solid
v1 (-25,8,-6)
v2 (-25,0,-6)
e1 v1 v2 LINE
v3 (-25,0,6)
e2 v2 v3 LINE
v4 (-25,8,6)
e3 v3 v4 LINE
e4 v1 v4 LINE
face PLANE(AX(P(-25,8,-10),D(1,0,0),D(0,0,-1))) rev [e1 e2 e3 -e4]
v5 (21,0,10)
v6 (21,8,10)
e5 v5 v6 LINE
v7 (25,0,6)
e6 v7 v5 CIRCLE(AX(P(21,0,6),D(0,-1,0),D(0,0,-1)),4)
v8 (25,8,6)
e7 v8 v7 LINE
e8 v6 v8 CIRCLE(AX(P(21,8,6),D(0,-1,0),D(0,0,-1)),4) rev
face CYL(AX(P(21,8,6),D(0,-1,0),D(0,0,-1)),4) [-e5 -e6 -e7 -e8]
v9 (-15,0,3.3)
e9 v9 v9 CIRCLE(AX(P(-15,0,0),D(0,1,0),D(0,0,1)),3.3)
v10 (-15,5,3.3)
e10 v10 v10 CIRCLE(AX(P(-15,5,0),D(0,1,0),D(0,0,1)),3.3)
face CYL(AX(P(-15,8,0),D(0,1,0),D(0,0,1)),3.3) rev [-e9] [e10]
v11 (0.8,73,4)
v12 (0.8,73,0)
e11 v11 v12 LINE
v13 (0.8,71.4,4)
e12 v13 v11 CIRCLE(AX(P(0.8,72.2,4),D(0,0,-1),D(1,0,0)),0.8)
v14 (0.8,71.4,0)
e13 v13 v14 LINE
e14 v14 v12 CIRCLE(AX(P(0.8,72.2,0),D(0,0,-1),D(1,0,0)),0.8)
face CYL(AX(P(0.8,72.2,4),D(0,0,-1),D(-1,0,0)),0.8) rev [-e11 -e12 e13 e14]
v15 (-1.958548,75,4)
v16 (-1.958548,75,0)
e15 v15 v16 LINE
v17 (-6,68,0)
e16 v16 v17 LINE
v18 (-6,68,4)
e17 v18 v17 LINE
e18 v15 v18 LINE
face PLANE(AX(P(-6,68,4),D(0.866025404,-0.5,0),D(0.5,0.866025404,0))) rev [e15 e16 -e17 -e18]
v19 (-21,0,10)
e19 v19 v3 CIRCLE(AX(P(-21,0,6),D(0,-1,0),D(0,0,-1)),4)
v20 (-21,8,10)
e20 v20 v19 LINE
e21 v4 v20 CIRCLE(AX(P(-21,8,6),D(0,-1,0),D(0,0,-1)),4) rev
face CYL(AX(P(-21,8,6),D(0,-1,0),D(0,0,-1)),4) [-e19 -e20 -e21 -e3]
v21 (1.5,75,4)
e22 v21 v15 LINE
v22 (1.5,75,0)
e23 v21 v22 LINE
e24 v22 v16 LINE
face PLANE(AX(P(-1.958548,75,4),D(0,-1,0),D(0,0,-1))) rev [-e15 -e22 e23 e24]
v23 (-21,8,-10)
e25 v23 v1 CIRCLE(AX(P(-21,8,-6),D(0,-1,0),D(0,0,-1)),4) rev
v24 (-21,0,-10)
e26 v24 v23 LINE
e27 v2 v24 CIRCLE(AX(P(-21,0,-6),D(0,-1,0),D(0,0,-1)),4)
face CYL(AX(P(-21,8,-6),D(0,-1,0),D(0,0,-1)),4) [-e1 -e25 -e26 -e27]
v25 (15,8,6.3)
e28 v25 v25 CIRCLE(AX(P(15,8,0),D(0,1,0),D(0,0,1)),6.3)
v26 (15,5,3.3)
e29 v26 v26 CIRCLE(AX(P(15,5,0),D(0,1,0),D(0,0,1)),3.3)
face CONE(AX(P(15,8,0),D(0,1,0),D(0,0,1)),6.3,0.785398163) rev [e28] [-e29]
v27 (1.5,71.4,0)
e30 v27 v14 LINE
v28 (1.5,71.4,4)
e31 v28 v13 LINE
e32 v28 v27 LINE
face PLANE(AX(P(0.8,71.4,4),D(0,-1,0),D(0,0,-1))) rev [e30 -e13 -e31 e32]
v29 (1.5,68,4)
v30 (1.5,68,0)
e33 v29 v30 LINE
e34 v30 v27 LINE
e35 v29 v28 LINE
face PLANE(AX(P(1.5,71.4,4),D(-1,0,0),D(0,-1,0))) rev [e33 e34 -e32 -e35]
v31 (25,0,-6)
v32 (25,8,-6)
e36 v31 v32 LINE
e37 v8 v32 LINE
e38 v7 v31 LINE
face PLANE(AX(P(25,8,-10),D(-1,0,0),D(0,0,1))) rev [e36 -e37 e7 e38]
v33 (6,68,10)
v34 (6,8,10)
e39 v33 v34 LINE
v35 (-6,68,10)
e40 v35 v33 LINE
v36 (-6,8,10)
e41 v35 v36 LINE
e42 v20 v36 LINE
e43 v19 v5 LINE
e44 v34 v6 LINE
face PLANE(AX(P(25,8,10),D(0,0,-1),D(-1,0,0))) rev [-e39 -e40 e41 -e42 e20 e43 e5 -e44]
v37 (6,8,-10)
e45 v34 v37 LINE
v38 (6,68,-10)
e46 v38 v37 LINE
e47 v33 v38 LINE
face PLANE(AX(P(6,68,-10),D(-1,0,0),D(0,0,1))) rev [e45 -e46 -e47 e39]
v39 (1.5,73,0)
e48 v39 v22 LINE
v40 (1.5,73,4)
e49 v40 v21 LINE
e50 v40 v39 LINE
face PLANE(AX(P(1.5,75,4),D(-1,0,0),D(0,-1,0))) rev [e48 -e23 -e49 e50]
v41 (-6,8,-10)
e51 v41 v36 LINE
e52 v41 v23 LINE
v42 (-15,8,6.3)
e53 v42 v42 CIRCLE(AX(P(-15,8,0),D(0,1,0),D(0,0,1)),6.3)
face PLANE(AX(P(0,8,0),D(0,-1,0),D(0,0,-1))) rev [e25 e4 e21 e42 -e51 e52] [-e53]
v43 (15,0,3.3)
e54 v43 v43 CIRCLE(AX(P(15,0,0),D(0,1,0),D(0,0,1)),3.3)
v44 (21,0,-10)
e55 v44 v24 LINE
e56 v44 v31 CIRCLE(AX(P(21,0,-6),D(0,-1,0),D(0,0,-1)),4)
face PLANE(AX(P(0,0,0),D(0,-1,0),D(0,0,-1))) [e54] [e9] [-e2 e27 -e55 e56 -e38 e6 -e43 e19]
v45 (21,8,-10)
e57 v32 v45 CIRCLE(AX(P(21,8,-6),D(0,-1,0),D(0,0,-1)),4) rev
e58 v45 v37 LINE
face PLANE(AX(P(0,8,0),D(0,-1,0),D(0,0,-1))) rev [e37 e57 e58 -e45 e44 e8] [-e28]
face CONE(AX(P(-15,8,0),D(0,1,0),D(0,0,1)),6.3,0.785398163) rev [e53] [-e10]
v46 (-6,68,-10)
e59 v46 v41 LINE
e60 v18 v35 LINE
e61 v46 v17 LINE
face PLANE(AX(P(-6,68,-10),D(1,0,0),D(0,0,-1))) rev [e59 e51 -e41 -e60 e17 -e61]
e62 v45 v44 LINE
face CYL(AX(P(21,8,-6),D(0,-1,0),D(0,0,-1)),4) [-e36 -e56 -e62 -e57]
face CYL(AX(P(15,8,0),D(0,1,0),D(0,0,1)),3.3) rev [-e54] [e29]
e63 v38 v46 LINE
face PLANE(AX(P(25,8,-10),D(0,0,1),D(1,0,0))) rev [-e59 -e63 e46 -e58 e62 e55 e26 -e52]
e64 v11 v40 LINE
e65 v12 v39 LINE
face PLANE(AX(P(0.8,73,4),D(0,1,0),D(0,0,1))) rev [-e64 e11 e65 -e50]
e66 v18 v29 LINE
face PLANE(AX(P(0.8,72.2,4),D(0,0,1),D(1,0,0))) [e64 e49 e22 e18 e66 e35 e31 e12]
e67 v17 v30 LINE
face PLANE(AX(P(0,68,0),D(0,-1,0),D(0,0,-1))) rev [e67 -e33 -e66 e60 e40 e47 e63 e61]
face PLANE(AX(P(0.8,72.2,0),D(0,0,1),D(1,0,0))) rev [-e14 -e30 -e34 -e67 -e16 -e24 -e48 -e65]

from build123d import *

# Parameters (mm, degrees)
SKETCH1_W                                       = 50
SKETCH1_H                                       = 20
BOSS_EXTRUDE1_DEPTH                             = 8
CSK_FOR_M6_FLAT_HEAD_MACHINE_SCREW1_D           = 6.6
CSK_FOR_M6_FLAT_HEAD_MACHINE_SCREW1_CSINK_D     = 12.6
CSK_FOR_M6_FLAT_HEAD_MACHINE_SCREW1_CSINK_ANGLE = 90
FILLET1_R                                       = 4
SKETCH3_W                                       = 12
SKETCH3_H                                       = 20
BOSS_EXTRUDE2_DEPTH                             = 60
BOSS_EXTRUDE3_DEPTH                             = 4


with BuildPart() as part:
    # Sketch1 → Boss-Extrude1 (new body)
    with BuildSketch(Plane(origin=(0, 0, 0), x_dir=(1, 0, 0), z_dir=(0, 1, 0))):
        Rectangle(SKETCH1_W, SKETCH1_H)
    extrude(amount=BOSS_EXTRUDE1_DEPTH)

    # CSK for M6 Flat Head Machine Screw1 (through all)
    with Locations(Plane(origin=(-15, 8, 0), x_dir=(0, 0, 1), z_dir=(0, 1, 0))):
        with Locations((0, 0), (0, 30)):
            CounterSinkHole(CSK_FOR_M6_FLAT_HEAD_MACHINE_SCREW1_D / 2, CSK_FOR_M6_FLAT_HEAD_MACHINE_SCREW1_CSINK_D / 2, counter_sink_angle=CSK_FOR_M6_FLAT_HEAD_MACHINE_SCREW1_CSINK_ANGLE)

    # Fillet1
    fillet1_edges = [part.edges().sort_by_distance(p)[0] for p in [
        (-25, 4, -10),
        (25, 4, -10),
        (25, 4, 10),
        (-25, 4, 10),
    ]]
    fillet(fillet1_edges, radius=FILLET1_R)

    # Sketch3 → Boss-Extrude2 (add)
    with BuildSketch(Plane(origin=(0, 8, 0), x_dir=(1, 0, 0), z_dir=(0, 1, 0))):
        Rectangle(SKETCH3_W, SKETCH3_H)
    extrude(amount=BOSS_EXTRUDE2_DEPTH)

    # Sketch4 → Boss-Extrude3 (add)
    with BuildSketch(Plane.XY):
        with BuildLine():
            Line((-6, 68), (-1.958548116, 75))
            Line((-1.958548116, 75), (1.5, 75))
            Line((1.5, 75), (1.5, 73))
            Line((1.5, 73), (0.8, 73))
            ThreePointArc((0.8, 73), (0, 72.2), (0.8, 71.4))
            Line((0.8, 71.4), (1.5, 71.4))
            Line((1.5, 71.4), (1.5, 68))
            Line((1.5, 68), (-6, 68))
        make_face()
    extrude(amount=BOSS_EXTRUDE3_DEPTH)


solid = part.part
